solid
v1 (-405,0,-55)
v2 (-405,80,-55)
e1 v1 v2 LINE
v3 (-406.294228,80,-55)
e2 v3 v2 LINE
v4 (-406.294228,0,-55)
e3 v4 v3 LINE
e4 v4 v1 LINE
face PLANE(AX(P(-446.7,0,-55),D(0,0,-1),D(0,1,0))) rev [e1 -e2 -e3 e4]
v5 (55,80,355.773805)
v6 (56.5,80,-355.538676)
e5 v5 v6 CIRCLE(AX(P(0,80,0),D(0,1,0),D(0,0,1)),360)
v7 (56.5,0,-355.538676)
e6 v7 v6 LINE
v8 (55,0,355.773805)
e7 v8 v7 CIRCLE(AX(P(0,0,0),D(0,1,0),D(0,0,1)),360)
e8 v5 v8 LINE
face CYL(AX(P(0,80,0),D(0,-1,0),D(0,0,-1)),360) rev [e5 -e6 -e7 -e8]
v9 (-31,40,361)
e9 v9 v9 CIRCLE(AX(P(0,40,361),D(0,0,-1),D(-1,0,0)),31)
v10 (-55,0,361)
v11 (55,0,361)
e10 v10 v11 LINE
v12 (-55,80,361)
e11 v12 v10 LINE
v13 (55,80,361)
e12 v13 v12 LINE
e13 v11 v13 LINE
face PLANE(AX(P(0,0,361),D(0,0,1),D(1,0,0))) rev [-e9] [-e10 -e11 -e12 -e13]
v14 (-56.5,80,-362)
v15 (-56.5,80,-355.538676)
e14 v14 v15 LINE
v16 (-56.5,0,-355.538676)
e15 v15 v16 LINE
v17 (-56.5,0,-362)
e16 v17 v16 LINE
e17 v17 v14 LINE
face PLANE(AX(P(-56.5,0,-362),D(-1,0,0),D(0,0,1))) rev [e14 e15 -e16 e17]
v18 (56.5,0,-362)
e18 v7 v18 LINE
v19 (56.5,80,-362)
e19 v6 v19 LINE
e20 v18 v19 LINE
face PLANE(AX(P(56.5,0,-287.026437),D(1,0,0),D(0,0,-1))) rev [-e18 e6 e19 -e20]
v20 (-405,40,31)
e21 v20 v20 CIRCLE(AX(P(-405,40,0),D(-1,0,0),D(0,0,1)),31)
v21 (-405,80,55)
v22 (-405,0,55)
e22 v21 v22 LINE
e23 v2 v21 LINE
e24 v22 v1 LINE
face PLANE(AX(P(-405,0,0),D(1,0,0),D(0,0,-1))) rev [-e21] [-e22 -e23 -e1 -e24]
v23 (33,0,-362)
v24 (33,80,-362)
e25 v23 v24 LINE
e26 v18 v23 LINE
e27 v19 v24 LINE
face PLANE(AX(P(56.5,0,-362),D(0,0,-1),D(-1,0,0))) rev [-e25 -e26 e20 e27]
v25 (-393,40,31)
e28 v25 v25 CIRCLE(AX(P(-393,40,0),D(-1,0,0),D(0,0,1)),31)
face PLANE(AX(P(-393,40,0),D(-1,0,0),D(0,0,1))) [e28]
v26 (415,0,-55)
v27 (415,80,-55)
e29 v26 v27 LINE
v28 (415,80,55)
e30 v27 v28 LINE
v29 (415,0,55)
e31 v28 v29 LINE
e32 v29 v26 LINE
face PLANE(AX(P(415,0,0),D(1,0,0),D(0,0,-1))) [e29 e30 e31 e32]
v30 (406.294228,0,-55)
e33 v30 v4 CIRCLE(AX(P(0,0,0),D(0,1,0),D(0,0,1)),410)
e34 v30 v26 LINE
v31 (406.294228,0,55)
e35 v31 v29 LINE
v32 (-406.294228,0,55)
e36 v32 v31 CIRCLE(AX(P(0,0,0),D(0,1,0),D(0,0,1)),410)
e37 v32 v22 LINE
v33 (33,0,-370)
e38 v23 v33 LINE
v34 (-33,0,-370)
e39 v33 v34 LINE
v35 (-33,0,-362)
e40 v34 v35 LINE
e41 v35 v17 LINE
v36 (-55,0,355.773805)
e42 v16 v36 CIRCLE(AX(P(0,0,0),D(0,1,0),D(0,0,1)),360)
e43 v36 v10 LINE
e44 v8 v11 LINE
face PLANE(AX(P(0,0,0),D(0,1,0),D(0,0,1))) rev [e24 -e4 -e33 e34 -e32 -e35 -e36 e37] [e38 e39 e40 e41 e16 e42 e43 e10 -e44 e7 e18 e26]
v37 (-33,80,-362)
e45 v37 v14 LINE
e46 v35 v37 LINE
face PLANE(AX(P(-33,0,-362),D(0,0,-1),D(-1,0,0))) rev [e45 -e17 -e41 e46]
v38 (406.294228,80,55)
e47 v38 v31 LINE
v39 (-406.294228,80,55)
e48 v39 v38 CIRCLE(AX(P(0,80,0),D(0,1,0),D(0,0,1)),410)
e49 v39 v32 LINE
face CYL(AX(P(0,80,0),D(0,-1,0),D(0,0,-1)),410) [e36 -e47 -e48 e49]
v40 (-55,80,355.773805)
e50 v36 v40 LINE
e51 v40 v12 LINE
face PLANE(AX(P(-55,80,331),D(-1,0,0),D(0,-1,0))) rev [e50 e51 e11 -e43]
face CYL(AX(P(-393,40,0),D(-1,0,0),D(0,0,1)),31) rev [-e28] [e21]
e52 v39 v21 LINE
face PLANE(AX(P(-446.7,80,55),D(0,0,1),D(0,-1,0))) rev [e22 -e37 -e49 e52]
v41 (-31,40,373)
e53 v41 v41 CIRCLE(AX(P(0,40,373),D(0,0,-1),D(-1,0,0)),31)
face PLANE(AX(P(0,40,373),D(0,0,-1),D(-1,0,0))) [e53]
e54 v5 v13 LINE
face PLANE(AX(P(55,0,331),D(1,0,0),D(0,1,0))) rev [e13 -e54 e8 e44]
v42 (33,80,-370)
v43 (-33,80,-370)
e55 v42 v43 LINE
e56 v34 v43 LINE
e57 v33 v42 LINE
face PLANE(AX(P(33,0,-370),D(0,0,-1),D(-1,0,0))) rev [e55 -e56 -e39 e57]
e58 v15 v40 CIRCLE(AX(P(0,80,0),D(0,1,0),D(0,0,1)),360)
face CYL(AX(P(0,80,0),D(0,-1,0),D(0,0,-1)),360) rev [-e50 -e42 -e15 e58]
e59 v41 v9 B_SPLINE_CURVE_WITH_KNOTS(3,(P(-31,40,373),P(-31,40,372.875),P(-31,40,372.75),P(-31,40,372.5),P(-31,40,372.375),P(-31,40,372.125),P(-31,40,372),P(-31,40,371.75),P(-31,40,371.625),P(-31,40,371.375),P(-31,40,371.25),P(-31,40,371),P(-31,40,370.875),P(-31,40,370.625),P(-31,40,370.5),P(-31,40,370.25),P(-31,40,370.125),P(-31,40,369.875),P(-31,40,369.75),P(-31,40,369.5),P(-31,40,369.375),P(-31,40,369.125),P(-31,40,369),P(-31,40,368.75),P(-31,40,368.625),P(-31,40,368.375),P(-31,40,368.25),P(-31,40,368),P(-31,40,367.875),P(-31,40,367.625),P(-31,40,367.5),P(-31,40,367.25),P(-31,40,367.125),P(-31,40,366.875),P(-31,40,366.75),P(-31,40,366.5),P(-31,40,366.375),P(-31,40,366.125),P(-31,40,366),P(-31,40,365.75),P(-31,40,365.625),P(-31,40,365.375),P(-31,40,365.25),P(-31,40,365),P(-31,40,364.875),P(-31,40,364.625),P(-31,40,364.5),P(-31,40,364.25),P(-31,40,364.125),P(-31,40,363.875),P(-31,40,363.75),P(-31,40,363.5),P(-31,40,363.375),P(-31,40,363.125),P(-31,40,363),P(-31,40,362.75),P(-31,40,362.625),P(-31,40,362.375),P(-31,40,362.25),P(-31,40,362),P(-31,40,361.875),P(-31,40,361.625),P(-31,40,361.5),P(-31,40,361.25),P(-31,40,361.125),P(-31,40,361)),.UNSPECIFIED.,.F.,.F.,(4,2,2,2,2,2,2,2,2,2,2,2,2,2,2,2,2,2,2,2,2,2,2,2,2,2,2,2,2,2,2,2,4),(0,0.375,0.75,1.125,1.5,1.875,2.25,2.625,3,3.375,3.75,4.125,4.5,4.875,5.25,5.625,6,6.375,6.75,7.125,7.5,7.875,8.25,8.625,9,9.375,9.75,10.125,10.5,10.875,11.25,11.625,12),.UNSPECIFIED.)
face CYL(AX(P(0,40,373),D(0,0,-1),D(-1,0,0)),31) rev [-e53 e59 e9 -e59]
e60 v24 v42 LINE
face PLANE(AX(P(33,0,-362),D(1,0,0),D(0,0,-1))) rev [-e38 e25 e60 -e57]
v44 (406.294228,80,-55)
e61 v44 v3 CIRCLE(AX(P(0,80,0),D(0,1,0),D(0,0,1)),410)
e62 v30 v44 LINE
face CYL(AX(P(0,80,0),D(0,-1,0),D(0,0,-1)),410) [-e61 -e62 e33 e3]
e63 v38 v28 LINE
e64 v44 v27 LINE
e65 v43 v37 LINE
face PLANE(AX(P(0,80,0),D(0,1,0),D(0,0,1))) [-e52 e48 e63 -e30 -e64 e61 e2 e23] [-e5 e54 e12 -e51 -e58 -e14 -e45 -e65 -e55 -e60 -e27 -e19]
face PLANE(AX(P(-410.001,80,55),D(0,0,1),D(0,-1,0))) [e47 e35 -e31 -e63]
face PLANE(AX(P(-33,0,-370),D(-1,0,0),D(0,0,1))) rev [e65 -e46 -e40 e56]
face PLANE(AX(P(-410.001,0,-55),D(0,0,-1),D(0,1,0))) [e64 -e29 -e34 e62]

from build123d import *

# Parameters (mm, degrees)
SKETCH1_R                = 410
SKETCH1_R_2              = 360
BOSS_EXTRUDE1_DEPTH      = 80
CUT_EXTRUDE2_DEPTH       = 586.320425066
CUT_EXTRUDE2_DEPTH_BACK  = 586.320425066
SKETCH5_W                = 110
SKETCH5_H                = 80
CUT_EXTRUDE3_DEPTH       = 30
SKETCH6_R                = 31
CUT_EXTRUDE4_DEPTH       = 12
BOSS_EXTRUDE2_REACH      = 926.73
BOSS_EXTRUDE2_END_RADIUS = 410
SKETCH7_W                = 110
SKETCH7_H                = 80
SKETCH9_W                = 110
SKETCH9_H                = 80
CUT_EXTRUDE5_DEPTH       = 41.7
SKETCH10_R               = 31
CUT_EXTRUDE6_DEPTH       = 12


with BuildPart() as part:
    # Sketch1 → Boss-Extrude1 (new body)
    with BuildSketch(Plane(origin=(0, 0, 0), x_dir=(1, 0, 0), z_dir=(0, 1, 0))):
        with Locations(Location((0, 0, 0), (0, 0, 270))):
            Circle(SKETCH1_R)
        with Locations(Location((0, 0, 0), (0, 0, 270))):
            Circle(SKETCH1_R_2, mode=Mode.SUBTRACT)
    extrude(amount=BOSS_EXTRUDE1_DEPTH)

    # Sketch3 → Cut-Extrude2 (cut, two sides: drawn at the far end of the back side and taken through both)
    with BuildSketch(Plane(origin=(0, 80, 0), x_dir=(1, 0, 0), z_dir=(0, 1, 0)).offset(-CUT_EXTRUDE2_DEPTH_BACK)):
        Polygon((-56.5, 287.02643749), (56.5, 287.02643749), (56.5, 362), (33, 362), (33, 370), (-33, 370), (-33, 362), (-56.5, 362), align=None)
    extrude(amount=CUT_EXTRUDE2_DEPTH + CUT_EXTRUDE2_DEPTH_BACK, mode=Mode.SUBTRACT)

    # Sketch5 → Cut-Extrude3 (cut)
    with BuildSketch(Plane.XY.offset(361)):
        with Locations((0, 40)):
            Rectangle(SKETCH5_W, SKETCH5_H)
    extrude(amount=-CUT_EXTRUDE3_DEPTH, mode=Mode.SUBTRACT)

    # Sketch6 → Cut-Extrude4 (cut)
    with BuildSketch(Plane(origin=(0, 0, 361), x_dir=(-1, 0, 0), z_dir=(0, 0, -1))):
        with Locations((0, 40)):
            Circle(SKETCH6_R)
    extrude(amount=-CUT_EXTRUDE4_DEPTH, mode=Mode.SUBTRACT)

    # Boss-Extrude2: up to this cylinder (the profile starts outside it)
    boss_extrude2_end = Plane(origin=(0, 40, 0), z_dir=(0, -1, 0)) * Cylinder(BOSS_EXTRUDE2_END_RADIUS, 2674.46, mode=Mode.PRIVATE)
    # Sketch7 → Boss-Extrude2 (add, up to the surface)
    with BuildSketch(Plane(origin=(415, 0, 0), x_dir=(0, 0, -1), z_dir=(1, 0, 0)), mode=Mode.PRIVATE) as boss_extrude2_sk1:
        with Locations((0, 40)):
            Rectangle(SKETCH7_W, SKETCH7_H)
    boss_extrude2_tool1 = extrude(boss_extrude2_sk1.sketch, amount=-BOSS_EXTRUDE2_REACH, mode=Mode.PRIVATE) - boss_extrude2_end
    add(boss_extrude2_tool1.solids().sort_by_distance((415, 40, 0))[0])

    # Sketch9 → Cut-Extrude5 (cut)
    with BuildSketch(Plane(origin=(-405, 0, 0), x_dir=(0, 0, -1), z_dir=(1, 0, 0))):
        with Locations((0, 40)):
            Rectangle(SKETCH9_W, SKETCH9_H)
    extrude(amount=-CUT_EXTRUDE5_DEPTH, mode=Mode.SUBTRACT)

    # Sketch10 → Cut-Extrude6 (cut)
    with BuildSketch(Plane.ZY.offset(405)):
        with Locations((0, 40)):
            Circle(SKETCH10_R)
    extrude(amount=-CUT_EXTRUDE6_DEPTH, mode=Mode.SUBTRACT)


solid = part.part
